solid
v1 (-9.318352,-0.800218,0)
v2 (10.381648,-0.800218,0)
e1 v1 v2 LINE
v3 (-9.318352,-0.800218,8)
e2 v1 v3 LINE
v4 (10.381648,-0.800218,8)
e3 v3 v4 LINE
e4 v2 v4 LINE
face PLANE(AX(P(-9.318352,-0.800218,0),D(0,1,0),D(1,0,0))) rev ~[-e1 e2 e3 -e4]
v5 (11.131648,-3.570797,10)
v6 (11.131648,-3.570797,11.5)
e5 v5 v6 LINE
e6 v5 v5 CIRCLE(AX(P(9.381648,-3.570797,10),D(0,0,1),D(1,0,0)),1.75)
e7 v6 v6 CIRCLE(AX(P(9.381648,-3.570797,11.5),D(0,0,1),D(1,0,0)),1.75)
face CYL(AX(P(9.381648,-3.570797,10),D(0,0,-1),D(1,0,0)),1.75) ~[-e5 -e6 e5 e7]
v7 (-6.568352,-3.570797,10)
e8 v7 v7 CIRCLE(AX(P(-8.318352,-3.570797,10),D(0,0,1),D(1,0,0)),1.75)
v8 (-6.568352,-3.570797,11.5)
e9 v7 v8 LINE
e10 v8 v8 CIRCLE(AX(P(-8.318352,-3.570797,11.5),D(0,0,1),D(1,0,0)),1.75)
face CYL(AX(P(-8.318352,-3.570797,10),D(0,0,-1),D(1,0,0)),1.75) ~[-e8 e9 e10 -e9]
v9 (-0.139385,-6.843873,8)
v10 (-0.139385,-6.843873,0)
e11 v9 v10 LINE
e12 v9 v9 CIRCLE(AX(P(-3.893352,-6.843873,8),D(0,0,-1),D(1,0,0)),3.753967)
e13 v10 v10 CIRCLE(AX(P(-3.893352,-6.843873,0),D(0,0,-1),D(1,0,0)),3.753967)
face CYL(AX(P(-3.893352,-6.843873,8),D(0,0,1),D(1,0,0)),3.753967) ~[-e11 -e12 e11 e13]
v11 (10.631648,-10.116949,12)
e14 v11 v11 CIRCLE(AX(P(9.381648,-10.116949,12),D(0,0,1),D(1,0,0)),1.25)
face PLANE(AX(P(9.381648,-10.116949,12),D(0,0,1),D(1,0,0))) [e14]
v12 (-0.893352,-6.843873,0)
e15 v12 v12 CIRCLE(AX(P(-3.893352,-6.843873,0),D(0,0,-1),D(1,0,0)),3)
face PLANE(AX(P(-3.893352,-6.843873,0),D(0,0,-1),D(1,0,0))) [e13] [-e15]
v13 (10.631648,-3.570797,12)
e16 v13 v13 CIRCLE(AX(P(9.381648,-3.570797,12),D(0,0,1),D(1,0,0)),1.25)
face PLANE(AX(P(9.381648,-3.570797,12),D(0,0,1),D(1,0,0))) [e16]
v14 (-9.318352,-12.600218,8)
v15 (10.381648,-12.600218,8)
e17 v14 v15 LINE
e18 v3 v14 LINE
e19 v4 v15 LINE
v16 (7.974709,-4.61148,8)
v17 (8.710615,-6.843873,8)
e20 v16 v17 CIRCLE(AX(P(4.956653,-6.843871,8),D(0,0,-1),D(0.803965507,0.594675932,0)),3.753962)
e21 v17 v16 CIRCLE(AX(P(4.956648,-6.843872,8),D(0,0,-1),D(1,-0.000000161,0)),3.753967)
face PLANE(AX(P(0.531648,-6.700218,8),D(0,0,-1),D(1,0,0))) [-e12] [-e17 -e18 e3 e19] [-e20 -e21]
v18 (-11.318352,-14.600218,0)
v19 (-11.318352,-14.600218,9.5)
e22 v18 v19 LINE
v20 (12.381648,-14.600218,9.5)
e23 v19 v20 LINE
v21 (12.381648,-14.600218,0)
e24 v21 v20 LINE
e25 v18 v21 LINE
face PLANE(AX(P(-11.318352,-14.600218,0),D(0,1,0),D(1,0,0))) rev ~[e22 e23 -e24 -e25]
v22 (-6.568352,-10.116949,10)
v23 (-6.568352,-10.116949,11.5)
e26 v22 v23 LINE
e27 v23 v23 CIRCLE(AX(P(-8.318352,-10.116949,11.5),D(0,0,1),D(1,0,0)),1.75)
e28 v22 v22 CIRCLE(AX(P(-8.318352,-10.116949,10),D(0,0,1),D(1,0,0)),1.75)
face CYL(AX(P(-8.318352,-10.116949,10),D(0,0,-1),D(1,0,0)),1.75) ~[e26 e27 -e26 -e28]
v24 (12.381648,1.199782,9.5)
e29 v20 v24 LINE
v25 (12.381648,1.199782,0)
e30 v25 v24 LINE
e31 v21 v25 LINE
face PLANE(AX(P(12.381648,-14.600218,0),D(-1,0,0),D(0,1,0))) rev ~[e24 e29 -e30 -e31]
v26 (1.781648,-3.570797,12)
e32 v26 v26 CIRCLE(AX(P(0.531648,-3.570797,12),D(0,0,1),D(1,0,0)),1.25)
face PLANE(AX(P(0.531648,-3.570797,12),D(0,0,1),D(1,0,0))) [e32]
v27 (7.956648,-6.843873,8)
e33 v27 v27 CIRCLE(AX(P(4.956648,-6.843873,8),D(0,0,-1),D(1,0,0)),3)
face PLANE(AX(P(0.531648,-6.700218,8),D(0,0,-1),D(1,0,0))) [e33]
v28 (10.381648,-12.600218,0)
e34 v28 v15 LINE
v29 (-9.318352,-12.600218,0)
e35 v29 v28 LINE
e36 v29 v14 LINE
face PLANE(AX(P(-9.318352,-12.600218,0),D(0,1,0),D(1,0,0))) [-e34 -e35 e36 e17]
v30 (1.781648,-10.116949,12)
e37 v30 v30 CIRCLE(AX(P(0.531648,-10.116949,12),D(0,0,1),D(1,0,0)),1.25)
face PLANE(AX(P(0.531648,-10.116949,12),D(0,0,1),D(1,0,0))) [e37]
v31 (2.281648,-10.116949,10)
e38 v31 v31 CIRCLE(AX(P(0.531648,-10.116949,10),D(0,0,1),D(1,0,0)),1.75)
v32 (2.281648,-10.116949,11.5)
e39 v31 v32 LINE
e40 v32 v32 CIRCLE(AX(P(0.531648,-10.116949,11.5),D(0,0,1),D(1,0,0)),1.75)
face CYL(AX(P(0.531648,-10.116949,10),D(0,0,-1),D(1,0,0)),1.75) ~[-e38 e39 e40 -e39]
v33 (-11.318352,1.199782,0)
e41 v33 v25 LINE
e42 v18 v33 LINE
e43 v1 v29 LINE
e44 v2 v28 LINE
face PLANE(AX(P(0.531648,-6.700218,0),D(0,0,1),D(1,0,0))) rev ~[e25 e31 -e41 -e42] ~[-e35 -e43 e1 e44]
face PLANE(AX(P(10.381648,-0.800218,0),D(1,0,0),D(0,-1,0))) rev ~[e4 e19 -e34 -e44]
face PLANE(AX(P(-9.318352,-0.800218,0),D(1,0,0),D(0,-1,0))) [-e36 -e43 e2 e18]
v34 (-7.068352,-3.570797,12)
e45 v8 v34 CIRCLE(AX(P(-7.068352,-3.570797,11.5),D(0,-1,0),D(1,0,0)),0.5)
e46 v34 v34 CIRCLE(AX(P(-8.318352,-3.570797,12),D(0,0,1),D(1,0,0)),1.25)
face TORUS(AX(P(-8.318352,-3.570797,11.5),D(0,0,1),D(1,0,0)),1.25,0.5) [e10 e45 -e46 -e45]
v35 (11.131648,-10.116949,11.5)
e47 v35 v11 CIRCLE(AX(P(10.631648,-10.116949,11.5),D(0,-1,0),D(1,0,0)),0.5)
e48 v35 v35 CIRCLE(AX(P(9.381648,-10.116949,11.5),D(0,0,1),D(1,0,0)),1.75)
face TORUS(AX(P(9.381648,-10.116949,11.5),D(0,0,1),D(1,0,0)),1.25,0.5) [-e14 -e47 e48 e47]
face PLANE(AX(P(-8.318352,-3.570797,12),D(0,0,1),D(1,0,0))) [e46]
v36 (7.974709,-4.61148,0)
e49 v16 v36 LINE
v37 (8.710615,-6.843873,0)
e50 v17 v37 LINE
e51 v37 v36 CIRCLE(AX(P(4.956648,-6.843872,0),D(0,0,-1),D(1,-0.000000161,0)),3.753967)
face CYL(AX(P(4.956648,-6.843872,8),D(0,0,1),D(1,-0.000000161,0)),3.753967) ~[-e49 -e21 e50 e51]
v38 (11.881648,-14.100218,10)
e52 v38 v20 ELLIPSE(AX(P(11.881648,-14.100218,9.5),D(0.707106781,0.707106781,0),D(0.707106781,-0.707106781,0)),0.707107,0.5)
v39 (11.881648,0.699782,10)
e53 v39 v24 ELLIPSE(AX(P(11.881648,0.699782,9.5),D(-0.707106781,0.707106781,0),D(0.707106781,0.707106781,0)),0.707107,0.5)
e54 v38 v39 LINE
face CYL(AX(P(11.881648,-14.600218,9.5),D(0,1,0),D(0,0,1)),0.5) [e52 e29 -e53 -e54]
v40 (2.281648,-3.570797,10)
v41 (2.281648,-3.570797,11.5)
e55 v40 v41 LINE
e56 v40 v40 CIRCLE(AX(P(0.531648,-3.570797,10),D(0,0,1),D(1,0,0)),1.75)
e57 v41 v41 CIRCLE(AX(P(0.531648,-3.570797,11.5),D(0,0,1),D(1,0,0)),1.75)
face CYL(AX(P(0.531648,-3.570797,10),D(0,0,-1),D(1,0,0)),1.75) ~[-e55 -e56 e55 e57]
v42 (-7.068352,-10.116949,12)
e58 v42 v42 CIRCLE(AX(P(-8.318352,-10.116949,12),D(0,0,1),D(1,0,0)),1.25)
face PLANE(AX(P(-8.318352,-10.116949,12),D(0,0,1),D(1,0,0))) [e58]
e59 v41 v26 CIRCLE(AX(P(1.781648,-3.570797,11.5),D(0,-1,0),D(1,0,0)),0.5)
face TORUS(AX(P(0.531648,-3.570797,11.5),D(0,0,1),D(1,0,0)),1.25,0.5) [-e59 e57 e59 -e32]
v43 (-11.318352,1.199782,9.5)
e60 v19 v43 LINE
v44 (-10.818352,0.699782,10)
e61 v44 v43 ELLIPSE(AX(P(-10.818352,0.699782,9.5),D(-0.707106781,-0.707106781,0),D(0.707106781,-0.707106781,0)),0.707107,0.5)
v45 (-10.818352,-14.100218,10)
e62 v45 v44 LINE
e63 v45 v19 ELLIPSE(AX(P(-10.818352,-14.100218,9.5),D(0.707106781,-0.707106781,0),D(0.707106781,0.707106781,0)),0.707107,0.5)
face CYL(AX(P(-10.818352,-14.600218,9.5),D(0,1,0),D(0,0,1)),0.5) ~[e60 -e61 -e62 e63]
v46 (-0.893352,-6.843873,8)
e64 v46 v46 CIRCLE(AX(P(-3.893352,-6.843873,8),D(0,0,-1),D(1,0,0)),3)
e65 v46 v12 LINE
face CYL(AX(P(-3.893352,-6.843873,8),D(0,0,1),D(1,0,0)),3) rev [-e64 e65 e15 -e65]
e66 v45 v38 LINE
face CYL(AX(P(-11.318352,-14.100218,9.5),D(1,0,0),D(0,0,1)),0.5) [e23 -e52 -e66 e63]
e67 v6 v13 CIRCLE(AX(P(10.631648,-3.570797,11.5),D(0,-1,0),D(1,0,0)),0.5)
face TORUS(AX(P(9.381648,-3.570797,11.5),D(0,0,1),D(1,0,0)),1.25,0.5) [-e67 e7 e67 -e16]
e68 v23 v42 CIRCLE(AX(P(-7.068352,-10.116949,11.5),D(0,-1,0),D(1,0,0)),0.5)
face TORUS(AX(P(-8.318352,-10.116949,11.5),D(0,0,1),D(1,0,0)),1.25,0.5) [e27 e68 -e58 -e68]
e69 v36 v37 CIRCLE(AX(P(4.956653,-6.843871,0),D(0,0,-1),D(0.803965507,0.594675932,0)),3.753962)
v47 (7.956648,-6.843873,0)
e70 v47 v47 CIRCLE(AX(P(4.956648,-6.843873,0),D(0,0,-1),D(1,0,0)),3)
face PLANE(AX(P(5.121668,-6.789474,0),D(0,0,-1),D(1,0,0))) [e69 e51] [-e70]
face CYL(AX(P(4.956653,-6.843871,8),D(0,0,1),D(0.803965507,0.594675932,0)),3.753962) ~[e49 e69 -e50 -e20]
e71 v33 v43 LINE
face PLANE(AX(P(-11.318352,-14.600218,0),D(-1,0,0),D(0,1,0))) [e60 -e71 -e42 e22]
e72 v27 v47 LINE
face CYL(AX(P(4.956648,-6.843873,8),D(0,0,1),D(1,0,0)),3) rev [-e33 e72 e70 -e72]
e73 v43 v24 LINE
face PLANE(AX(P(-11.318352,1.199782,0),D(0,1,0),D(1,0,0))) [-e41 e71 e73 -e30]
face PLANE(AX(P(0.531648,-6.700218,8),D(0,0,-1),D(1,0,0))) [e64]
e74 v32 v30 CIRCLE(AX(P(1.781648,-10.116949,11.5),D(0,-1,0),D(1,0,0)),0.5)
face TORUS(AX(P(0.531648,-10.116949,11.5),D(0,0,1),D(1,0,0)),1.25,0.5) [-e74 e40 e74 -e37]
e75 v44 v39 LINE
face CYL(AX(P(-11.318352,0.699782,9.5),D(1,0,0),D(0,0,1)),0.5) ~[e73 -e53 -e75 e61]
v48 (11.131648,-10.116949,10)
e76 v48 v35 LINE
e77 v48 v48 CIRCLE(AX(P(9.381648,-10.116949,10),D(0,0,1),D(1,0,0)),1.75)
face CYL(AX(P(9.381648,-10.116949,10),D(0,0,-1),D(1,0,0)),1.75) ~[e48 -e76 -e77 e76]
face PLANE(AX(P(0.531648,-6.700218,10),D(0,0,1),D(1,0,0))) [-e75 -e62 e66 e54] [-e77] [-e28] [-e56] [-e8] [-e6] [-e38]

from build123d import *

# Parameters (mm, degrees)
F0_W     = 23.7
F0_H     = 15.8
F2_DEPTH = 10
F3_W     = 19.7
F3_H     = 11.8
F4_DEPTH = 8
F5_R     = 1.75
F6_DEPTH = 2
F7_R     = 3.753967
F7_R_2   = 3
F9_DEPTH = 8
F10_R    = 0.5
F11_R    = 0.5


with BuildPart() as f2:
    # F0 (on Top) → F2 (new body)
    with BuildSketch(Plane.XY):
        with Locations((0.531648, -6.700218)):
            Rectangle(F0_W, F0_H)
    extrude(amount=F2_DEPTH)

    # F3 (on face) → F4 (cut)
    with BuildSketch(Plane(origin=(0, 0, 0), x_dir=(1, 0, 0), z_dir=(0, 0, -1))):
        with Locations((0.531648, 6.700218)):
            Rectangle(F3_W, F3_H)
    extrude(amount=-F4_DEPTH, mode=Mode.SUBTRACT)

    # F5 (on face) → F6 (join)
    with BuildSketch(Plane.XY.offset(10)):
        with Locations((-8.318352, -10.116949)):
            Circle(F5_R)
        with Locations((0.531648, -10.116949)):
            Circle(F5_R)
        with Locations((9.381648, -10.116949)):
            Circle(F5_R)
        with Locations((0.531648, -3.570797)):
            Circle(F5_R)
        with Locations((9.381648, -3.570797)):
            Circle(F5_R)
        with Locations((-8.318352, -3.570797)):
            Circle(F5_R)
    extrude(amount=F6_DEPTH)

    # F7 (on face) → F9 (join)
    with BuildSketch(Plane(origin=(0, 0, 8), x_dir=(1, 0, 0), z_dir=(0, 0, -1))):
        with Locations((-3.893352, 6.843873)):
            Circle(F7_R)
        with Locations((-3.893352, 6.843873)):
            Circle(F7_R_2, mode=Mode.SUBTRACT)
        with BuildLine():
            ThreePointArc((8.710615, 6.843873), (1.391402, 8.019154), (7.974709, 4.61148))
            ThreePointArc((7.974709, 4.61148), (8.521895, 5.668592), (8.710615, 6.843873))
        make_face()
        with Locations((4.956648, 6.843873)):
            Circle(F7_R_2, mode=Mode.SUBTRACT)
    extrude(amount=F9_DEPTH)

    # F10
    f10_edges = [f2.edges().sort_by_distance(p)[0] for p in [
        (-1.218352, -10.116949, 12),
        (-10.068352, -10.116949, 12),
        (-10.068352, -3.570797, 12),
        (7.631648, -3.570797, 12),
        (7.631648, -10.116949, 12),
        (-1.218352, -3.570797, 12),
    ]]
    fillet(f10_edges, radius=F10_R)

    # F11
    f11_edges = [f2.edges().sort_by_distance(p)[0] for p in [
        (0.531648, -14.600218, 10),
        (12.381648, -6.700218, 10),
        (0.531648, 1.199782, 10),
        (-11.318352, -6.700218, 10),
    ]]
    fillet(f11_edges, radius=F11_R)


solid = f2.part
